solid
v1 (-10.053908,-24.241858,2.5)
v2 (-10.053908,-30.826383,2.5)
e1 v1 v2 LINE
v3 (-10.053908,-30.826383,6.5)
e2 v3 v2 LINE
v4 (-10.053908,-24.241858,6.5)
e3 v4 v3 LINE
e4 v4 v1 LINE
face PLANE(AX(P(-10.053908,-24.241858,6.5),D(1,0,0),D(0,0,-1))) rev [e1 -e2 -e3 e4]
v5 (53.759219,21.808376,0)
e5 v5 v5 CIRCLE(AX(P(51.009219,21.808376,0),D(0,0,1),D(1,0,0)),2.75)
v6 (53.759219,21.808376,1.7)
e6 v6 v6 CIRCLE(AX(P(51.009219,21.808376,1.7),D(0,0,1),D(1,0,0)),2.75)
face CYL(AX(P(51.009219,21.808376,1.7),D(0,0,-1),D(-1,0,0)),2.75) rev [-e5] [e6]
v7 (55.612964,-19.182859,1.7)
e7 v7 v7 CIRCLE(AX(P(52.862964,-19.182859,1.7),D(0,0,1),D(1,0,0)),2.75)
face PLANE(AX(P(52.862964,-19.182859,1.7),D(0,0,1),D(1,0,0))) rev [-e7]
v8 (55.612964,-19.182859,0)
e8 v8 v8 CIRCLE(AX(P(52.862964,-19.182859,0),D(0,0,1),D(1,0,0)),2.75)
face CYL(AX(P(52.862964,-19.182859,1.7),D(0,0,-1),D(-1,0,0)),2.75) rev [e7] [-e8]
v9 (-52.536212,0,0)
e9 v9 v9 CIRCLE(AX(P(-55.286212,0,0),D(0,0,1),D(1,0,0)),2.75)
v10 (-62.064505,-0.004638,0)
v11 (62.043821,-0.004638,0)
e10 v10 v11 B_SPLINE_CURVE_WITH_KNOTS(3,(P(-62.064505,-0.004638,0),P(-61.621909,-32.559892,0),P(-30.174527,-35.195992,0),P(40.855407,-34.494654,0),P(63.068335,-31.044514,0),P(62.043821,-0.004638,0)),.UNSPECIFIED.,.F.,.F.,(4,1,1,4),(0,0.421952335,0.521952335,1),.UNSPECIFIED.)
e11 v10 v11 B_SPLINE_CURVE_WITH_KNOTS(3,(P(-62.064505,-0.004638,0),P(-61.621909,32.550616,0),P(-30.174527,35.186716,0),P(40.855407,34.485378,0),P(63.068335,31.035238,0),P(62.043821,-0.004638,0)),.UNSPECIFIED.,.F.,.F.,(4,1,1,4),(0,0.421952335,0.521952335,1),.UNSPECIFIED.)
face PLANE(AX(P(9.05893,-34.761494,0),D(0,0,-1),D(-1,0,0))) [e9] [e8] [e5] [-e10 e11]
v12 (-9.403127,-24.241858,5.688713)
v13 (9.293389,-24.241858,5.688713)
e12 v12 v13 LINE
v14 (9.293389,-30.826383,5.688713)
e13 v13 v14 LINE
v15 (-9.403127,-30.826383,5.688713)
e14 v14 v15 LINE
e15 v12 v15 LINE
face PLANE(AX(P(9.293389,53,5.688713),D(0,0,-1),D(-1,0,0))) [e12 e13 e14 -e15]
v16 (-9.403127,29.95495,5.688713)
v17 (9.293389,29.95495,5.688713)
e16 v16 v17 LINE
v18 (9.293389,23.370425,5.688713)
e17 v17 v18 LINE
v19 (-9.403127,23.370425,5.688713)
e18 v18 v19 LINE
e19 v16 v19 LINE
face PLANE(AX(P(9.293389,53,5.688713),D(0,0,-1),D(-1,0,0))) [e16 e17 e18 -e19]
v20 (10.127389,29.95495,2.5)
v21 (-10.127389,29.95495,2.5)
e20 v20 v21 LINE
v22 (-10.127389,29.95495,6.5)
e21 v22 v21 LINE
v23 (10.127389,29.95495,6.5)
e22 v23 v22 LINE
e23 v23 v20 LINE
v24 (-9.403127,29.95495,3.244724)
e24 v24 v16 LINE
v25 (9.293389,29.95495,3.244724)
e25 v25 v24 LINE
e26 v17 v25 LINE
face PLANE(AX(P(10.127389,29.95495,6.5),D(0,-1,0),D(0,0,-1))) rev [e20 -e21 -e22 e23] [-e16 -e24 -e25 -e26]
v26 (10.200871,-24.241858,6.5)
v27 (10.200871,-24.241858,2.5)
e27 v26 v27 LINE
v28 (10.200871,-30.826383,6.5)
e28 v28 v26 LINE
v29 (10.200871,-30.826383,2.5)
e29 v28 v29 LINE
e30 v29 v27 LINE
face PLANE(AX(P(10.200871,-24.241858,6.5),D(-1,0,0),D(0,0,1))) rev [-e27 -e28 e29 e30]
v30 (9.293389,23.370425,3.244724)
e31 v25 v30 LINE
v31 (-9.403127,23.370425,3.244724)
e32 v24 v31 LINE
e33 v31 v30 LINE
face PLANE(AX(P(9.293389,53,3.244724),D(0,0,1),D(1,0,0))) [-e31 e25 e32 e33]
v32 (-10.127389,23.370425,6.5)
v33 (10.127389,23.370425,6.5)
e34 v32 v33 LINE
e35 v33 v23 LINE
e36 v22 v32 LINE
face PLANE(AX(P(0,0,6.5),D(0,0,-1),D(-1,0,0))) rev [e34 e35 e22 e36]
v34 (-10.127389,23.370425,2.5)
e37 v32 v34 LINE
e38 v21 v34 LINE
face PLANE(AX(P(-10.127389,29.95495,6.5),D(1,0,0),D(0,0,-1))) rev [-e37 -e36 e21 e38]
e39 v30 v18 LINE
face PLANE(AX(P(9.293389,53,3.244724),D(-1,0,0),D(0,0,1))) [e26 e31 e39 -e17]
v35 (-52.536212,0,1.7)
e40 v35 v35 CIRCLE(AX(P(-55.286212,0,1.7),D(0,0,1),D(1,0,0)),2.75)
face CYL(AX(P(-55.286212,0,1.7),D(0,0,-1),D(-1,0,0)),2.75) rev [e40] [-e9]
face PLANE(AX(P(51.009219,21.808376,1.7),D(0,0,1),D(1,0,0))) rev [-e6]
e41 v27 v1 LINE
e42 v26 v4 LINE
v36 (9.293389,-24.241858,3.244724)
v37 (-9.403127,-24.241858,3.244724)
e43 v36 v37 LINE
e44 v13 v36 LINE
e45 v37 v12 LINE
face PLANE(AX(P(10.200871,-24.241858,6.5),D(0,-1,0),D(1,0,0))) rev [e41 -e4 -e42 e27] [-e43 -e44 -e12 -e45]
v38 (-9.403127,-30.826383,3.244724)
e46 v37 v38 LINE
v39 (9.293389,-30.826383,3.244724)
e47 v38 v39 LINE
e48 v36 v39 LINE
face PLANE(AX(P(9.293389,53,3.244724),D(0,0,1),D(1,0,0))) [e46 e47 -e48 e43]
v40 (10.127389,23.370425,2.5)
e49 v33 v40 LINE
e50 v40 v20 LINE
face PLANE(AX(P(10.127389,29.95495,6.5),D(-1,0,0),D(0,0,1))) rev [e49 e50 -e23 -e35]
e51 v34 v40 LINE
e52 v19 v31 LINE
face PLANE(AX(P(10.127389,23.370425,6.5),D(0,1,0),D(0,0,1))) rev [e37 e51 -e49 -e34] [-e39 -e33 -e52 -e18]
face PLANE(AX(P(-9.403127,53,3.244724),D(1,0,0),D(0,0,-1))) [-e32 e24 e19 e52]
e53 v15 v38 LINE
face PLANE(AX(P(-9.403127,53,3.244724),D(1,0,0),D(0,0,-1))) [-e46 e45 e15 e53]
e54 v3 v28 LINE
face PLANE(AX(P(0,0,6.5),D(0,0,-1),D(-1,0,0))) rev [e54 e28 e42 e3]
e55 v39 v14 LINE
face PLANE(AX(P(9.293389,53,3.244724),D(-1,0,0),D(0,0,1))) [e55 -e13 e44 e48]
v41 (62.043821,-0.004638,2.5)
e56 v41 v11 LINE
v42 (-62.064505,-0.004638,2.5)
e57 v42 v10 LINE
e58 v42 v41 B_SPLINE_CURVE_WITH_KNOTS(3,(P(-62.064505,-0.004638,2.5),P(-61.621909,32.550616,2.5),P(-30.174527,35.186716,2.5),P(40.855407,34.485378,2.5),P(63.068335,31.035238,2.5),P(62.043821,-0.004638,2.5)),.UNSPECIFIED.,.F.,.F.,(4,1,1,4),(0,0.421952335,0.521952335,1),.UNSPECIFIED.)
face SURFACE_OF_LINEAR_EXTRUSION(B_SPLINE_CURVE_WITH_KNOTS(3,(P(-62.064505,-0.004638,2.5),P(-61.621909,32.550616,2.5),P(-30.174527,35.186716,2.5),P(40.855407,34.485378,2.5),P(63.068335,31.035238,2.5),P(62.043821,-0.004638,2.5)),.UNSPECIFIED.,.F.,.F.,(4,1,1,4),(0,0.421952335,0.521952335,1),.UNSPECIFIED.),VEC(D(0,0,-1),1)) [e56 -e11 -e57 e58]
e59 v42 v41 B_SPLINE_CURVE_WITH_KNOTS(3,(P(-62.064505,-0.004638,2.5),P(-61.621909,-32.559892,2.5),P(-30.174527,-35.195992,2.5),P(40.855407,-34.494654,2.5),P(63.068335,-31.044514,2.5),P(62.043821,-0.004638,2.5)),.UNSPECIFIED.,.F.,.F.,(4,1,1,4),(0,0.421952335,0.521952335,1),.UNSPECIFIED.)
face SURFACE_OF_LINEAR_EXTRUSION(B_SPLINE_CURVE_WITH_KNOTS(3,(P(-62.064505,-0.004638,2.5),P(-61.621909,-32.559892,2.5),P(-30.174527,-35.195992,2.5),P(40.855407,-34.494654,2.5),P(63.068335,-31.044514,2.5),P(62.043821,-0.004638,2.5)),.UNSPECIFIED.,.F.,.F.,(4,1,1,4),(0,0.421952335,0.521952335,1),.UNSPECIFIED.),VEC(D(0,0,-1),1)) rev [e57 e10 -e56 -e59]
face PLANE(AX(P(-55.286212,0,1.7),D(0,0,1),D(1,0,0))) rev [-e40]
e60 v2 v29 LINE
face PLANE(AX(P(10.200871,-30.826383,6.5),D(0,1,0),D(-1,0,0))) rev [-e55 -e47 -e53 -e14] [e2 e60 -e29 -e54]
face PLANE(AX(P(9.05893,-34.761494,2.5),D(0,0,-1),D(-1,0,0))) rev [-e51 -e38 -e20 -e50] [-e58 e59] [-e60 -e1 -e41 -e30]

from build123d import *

# Parameters (mm, degrees)
BOSS_EXTRUDE1_DEPTH     = 2.5
SKETCH4_R               = 2.75
CUT_EXTRUDE1_DEPTH      = 1.7
SKETCH6_W               = 20.25477878
SKETCH6_H               = 6.584524734
BOSS_EXTRUDE2_DEPTH     = 4
SKETCH7_W               = 20.25477878
SKETCH7_H               = 6.584524734
BOSS_EXTRUDE3_DEPTH     = 4
CUT_EXTRUDE2_DEPTH      = 53
CUT_EXTRUDE2_DEPTH_BACK = 44
SKETCH8_W               = 18.696515829
SKETCH8_H               = 2.443988997


with BuildPart() as part:
    # Sketch3 → Boss-Extrude1 (new body)
    with BuildSketch(Plane.XY):
        with BuildLine():
            add(Edge.make_bspline(
                [(-62.064505272, -0.004637852), (-61.621909117, -32.5598919), (-30.174527466, -35.195991578), (40.855407495, -34.494653581), (63.068334921, -31.044513609), (62.04382147, -0.004637852)],
                knots=[0, 0, 0, 0, 0.421952335, 0.521952335, 1, 1, 1, 1], degree=3))
            add(Edge.make_bspline(
                [(-62.064505272, -0.004637852), (-61.621909117, 32.550616197), (-30.174527466, 35.186715874), (40.855407495, 34.485377878), (63.068334921, 31.035237905), (62.04382147, -0.004637852)],
                knots=[0, 0, 0, 0, 0.421952335, 0.521952335, 1, 1, 1, 1], degree=3))
        make_face()
    extrude(amount=BOSS_EXTRUDE1_DEPTH)

    # Sketch4 → Cut-Extrude1 (cut)
    with BuildSketch(Plane.XY):
        with Locations((51.009218897, 21.808375926)):
            Circle(SKETCH4_R)
        with Locations((-55.286211949, 0)):
            Circle(SKETCH4_R)
        with Locations((52.862963879, -19.182859298)):
            Circle(SKETCH4_R)
    extrude(amount=CUT_EXTRUDE1_DEPTH, mode=Mode.SUBTRACT)

    # Sketch6 → Boss-Extrude2 (add)
    with BuildSketch(Plane.XY.offset(2.5)):
        with Locations((0, 26.662687323)):
            Rectangle(SKETCH6_W, SKETCH6_H)
    extrude(amount=BOSS_EXTRUDE2_DEPTH)

    # Sketch7 → Boss-Extrude3 (add)
    with BuildSketch(Plane.XY.offset(2.5)):
        with Locations((0.073481457, -27.534120602)):
            Rectangle(SKETCH7_W, SKETCH7_H)
    extrude(amount=BOSS_EXTRUDE3_DEPTH)

    # Sketch8 → Cut-Extrude2 (cut, two sides: drawn at the far end of the back side and taken through both)
    with BuildSketch(Plane(origin=(0, 0, 0), x_dir=(1, 0, 0), z_dir=(0, 1, 0)).offset(-CUT_EXTRUDE2_DEPTH_BACK)):
        with Locations((-0.05486909, -4.466718934)):
            Rectangle(SKETCH8_W, SKETCH8_H)
    extrude(amount=CUT_EXTRUDE2_DEPTH + CUT_EXTRUDE2_DEPTH_BACK, mode=Mode.SUBTRACT)


solid = part.part
